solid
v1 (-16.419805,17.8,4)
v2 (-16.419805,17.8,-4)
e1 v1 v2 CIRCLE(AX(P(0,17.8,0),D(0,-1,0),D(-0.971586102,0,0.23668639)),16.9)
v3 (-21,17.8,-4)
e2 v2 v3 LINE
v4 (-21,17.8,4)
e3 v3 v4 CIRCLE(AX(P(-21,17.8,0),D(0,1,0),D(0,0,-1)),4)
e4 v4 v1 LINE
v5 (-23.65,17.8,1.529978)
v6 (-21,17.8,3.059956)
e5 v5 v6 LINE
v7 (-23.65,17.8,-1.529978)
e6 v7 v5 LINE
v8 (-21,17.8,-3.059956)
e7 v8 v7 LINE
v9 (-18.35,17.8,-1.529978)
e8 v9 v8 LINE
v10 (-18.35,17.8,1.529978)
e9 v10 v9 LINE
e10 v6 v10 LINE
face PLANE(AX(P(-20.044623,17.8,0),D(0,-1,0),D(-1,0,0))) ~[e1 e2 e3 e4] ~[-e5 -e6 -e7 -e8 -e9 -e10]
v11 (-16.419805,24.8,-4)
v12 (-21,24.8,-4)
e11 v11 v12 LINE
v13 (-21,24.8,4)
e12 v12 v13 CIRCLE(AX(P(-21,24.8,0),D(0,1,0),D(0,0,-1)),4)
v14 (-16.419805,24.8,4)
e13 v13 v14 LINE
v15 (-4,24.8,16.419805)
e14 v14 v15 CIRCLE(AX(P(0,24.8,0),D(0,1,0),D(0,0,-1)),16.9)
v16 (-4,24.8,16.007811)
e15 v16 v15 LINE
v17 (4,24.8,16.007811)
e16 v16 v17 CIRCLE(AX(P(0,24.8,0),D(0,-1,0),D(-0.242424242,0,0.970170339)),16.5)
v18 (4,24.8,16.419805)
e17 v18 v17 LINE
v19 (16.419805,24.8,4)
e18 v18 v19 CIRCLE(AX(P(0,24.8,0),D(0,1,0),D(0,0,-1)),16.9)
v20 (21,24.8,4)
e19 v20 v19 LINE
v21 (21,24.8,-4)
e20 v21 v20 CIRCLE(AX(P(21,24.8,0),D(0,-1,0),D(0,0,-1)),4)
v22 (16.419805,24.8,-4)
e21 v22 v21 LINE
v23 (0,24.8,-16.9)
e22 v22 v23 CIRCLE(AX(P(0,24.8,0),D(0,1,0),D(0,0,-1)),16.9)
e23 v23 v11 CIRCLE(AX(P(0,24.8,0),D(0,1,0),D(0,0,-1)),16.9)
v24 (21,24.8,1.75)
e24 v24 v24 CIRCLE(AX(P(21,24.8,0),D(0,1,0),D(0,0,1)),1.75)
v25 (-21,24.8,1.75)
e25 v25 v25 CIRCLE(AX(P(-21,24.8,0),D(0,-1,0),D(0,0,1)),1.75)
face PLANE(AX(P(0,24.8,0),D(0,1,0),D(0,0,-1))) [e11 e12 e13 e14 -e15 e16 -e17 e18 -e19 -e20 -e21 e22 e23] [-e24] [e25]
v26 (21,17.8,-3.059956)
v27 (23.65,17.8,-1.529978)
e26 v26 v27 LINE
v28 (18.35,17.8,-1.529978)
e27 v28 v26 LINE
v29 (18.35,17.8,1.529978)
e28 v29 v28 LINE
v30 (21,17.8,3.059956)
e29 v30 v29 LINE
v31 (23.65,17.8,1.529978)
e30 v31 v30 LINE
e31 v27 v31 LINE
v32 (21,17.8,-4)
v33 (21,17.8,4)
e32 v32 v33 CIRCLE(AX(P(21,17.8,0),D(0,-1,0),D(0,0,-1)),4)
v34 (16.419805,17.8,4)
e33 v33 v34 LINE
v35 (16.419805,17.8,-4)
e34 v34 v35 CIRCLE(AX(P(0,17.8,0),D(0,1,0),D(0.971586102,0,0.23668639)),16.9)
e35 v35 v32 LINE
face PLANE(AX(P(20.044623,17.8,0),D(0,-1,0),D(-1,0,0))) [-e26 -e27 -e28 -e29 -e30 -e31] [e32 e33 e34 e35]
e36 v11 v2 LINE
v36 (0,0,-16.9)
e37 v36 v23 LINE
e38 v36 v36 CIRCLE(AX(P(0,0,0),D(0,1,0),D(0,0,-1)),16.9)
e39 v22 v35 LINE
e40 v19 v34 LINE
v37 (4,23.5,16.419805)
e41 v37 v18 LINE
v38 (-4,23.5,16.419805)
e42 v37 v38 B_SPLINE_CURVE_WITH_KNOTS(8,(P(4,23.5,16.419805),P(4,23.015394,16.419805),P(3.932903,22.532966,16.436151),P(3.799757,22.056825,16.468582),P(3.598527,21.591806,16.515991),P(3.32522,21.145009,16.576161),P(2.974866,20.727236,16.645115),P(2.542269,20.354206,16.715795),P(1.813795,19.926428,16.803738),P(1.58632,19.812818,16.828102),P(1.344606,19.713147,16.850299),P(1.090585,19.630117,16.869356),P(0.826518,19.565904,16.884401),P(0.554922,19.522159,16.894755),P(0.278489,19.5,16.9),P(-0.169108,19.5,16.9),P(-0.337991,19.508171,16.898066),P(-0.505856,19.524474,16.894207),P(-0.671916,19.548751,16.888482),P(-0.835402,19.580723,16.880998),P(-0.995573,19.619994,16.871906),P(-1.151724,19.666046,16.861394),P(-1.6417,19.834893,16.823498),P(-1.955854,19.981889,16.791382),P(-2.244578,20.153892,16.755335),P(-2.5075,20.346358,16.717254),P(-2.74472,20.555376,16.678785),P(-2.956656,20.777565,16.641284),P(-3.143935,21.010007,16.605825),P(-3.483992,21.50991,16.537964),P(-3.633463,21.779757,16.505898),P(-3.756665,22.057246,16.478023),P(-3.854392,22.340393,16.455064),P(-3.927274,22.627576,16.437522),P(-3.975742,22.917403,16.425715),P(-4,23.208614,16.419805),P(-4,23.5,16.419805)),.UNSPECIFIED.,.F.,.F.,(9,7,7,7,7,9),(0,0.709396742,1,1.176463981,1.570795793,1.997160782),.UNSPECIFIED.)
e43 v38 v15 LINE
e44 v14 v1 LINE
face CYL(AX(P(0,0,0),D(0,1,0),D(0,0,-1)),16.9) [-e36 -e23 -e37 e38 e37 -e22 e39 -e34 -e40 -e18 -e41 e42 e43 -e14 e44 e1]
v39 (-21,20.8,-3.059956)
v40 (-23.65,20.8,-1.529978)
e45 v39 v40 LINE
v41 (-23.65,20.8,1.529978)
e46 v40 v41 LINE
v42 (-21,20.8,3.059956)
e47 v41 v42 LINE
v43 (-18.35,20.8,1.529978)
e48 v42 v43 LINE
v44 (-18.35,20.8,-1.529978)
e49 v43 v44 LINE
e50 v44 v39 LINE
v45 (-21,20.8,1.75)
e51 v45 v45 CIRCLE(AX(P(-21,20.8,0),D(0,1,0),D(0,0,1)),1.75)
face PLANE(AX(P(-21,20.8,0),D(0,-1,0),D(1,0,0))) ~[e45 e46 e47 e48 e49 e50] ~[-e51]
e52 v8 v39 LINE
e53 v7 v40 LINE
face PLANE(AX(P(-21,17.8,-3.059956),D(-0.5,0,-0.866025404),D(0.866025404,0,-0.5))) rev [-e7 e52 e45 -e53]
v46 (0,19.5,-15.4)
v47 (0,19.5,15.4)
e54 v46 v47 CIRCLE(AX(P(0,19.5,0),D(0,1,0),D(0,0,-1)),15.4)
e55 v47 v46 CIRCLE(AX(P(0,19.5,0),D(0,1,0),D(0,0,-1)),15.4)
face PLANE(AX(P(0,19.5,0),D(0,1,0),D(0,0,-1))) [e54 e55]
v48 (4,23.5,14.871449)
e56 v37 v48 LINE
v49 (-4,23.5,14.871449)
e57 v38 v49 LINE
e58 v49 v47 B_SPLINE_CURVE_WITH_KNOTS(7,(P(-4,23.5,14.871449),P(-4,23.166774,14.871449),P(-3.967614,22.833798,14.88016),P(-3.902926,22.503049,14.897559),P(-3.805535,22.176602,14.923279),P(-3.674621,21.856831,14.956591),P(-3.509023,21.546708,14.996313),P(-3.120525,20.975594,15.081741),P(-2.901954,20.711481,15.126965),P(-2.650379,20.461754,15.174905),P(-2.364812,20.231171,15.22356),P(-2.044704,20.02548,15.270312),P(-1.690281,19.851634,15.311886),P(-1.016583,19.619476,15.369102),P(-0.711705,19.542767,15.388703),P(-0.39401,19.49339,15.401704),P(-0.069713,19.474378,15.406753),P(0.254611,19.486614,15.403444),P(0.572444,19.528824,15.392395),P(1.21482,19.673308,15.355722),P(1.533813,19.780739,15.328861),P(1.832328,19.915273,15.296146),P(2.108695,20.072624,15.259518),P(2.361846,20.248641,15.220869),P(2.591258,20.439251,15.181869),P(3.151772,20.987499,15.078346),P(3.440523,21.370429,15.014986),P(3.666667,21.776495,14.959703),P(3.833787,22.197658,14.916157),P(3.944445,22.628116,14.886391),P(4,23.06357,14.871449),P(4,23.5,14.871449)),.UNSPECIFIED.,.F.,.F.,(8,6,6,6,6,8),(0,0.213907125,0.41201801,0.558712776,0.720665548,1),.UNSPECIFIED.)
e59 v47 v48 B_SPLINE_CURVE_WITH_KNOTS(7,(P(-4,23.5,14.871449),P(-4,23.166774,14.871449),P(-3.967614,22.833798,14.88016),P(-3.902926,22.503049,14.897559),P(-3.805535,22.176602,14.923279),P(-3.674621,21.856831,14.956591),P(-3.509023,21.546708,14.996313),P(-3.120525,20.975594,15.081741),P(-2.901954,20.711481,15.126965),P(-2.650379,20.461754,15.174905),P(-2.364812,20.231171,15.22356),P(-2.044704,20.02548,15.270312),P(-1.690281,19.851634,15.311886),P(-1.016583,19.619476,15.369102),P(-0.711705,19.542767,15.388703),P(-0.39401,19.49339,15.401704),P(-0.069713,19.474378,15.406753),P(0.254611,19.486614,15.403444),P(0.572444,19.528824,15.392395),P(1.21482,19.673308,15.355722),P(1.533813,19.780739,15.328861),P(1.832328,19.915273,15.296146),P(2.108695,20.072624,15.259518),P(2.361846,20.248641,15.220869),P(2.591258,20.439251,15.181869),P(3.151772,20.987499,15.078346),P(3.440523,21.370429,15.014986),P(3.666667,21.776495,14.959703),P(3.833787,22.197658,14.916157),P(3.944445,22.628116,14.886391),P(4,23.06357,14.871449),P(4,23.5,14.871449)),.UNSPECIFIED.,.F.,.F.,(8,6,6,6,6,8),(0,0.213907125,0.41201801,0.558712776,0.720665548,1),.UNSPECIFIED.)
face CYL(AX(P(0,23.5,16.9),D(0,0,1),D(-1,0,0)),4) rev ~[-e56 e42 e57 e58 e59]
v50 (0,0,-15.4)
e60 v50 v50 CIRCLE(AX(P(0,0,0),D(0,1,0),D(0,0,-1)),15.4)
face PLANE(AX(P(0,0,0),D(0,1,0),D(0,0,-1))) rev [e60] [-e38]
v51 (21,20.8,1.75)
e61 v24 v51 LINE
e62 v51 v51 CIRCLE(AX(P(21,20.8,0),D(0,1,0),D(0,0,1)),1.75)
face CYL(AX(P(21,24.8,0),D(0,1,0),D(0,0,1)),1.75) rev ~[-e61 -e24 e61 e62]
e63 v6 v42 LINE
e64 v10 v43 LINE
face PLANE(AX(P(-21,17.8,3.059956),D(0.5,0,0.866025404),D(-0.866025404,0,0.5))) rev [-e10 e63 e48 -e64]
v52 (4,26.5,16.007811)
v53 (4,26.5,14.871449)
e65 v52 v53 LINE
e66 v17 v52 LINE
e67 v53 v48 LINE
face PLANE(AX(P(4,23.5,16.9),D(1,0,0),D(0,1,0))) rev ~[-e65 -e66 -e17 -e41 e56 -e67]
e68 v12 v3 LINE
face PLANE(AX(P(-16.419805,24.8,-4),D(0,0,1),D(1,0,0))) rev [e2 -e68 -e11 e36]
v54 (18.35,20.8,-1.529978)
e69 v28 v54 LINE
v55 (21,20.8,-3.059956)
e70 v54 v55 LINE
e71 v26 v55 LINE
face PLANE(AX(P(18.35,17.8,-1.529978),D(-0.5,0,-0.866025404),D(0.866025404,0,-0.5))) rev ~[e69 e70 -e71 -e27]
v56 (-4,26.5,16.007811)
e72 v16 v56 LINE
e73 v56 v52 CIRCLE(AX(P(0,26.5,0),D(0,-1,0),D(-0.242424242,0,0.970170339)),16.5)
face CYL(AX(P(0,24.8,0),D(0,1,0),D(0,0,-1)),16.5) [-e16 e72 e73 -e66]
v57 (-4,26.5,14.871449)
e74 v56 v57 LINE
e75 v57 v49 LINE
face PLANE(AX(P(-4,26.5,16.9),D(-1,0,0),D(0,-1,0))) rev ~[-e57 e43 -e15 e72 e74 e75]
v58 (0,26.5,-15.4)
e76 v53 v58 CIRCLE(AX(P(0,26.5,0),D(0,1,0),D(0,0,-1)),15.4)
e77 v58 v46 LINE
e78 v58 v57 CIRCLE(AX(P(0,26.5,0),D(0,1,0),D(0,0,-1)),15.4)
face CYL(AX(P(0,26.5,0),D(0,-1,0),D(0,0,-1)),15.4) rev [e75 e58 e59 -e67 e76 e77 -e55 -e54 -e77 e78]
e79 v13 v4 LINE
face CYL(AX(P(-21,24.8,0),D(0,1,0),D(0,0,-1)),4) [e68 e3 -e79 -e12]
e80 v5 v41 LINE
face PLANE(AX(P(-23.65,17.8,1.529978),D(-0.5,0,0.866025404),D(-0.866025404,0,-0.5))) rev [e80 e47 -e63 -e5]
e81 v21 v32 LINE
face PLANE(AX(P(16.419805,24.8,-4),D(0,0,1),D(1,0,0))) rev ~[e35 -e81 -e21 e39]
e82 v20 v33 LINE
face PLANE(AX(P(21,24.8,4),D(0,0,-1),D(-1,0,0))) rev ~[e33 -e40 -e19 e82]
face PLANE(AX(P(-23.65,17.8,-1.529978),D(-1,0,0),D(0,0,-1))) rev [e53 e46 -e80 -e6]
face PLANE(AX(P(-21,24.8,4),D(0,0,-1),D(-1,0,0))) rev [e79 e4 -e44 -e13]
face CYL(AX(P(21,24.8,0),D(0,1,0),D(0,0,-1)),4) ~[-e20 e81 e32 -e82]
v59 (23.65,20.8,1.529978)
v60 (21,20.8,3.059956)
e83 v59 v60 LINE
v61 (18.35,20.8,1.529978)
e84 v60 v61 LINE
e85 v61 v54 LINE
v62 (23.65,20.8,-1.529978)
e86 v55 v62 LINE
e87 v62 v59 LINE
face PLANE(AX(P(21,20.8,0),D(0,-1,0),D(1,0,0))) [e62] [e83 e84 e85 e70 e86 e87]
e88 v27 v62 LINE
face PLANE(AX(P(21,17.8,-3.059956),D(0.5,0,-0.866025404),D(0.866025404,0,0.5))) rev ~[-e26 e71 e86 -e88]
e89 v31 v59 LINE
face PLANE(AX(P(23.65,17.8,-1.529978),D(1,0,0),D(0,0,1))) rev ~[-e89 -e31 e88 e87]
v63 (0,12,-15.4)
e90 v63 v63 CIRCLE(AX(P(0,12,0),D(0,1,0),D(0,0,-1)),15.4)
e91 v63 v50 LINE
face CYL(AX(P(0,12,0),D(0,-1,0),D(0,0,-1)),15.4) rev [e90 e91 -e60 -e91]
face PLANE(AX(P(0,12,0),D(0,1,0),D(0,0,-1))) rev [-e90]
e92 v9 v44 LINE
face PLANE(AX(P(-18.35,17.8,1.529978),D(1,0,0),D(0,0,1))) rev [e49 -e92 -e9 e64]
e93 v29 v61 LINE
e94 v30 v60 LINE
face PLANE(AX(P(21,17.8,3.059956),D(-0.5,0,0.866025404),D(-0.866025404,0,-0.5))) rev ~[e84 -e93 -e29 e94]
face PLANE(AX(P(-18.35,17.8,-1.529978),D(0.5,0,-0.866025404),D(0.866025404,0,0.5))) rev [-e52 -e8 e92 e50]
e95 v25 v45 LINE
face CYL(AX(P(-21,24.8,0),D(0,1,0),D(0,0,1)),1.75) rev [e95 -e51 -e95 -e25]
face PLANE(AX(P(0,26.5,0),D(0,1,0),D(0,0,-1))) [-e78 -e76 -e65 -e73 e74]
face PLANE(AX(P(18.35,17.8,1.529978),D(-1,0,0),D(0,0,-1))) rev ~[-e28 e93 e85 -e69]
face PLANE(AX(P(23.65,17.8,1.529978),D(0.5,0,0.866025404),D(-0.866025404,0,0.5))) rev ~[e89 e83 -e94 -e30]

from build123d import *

# Parameters (mm, degrees)
CUT_EXTRUDE1_DEPTH  = 10
SKETCH4_R           = 1.75
BOSS_EXTRUDE1_DEPTH = 7
CUT_EXTRUDE2_DEPTH  = 3


with BuildPart() as part:
    # Sketch1 → Revolve1 (revolve)
    with BuildSketch(Plane.XY, mode=Mode.PRIVATE) as revolve1_sk:
        Polygon((0, 12), (15.4, 12), (15.4, 0), (16.9, 0), (16.9, 24.8), (16.5, 24.8), (16.5, 26.5), (15.4, 26.5), (15.4, 19.5), (0, 19.5), align=None)
    revolve(revolve1_sk.sketch.rotate(Axis((0, 0, 0), (0, 1, 0)), 90), axis=Axis((0, 0, 0), (0, 1, 0)))

    # Sketch3 → Cut-Extrude1 (cut)
    with BuildSketch(Plane.XY.offset(16.9)):
        with BuildLine():
            Line((-4, 26.5), (-4, 23.5))
            ThreePointArc((-4, 23.5), (0, 19.5), (4, 23.5))
            Line((4, 23.5), (4, 26.5))
            Line((4, 26.5), (-4, 26.5))
        make_face()
    extrude(amount=-CUT_EXTRUDE1_DEPTH, mode=Mode.SUBTRACT)

    # Sketch4 → Boss-Extrude1 (add)
    with BuildSketch(Plane(origin=(0, 24.8, 0), x_dir=(1, 0, 0), z_dir=(0, 1, 0))):
        with BuildLine():
            Line((21, -4), (16.419805115, -4))
            ThreePointArc((16.419805115, -4), (16.9, 0), (16.419805115, 4))
            Line((16.419805115, 4), (21, 4))
            ThreePointArc((21, 4), (25, 0), (21, -4))
        make_face()
        with Locations(Location((21, 0, 0), (0, 0, 270))):
            Circle(SKETCH4_R, mode=Mode.SUBTRACT)
    boss_extrude1 = extrude(amount=-BOSS_EXTRUDE1_DEPTH)

    # Sketch5 → Cut-Extrude2 (cut)
    with BuildSketch(Plane.XZ.offset(-17.8)):
        Polygon((18.35, -1.529978213), (21, -3.059956427), (23.65, -1.529978213), (23.65, 1.529978213), (21, 3.059956427), (18.35, 1.529978213), align=None)
    cut_extrude2 = extrude(amount=-CUT_EXTRUDE2_DEPTH, mode=Mode.SUBTRACT)

    # Mirror1: Boss-Extrude1, Cut-Extrude2 across plane
    add(boss_extrude1.mirror(Plane(origin=(0, 0, 0), x_dir=(0, 0, 1), z_dir=(1, 0, 0))))
    add(cut_extrude2.mirror(Plane(origin=(0, 0, 0), x_dir=(0, 0, 1), z_dir=(1, 0, 0))), mode=Mode.SUBTRACT)


solid = part.part
